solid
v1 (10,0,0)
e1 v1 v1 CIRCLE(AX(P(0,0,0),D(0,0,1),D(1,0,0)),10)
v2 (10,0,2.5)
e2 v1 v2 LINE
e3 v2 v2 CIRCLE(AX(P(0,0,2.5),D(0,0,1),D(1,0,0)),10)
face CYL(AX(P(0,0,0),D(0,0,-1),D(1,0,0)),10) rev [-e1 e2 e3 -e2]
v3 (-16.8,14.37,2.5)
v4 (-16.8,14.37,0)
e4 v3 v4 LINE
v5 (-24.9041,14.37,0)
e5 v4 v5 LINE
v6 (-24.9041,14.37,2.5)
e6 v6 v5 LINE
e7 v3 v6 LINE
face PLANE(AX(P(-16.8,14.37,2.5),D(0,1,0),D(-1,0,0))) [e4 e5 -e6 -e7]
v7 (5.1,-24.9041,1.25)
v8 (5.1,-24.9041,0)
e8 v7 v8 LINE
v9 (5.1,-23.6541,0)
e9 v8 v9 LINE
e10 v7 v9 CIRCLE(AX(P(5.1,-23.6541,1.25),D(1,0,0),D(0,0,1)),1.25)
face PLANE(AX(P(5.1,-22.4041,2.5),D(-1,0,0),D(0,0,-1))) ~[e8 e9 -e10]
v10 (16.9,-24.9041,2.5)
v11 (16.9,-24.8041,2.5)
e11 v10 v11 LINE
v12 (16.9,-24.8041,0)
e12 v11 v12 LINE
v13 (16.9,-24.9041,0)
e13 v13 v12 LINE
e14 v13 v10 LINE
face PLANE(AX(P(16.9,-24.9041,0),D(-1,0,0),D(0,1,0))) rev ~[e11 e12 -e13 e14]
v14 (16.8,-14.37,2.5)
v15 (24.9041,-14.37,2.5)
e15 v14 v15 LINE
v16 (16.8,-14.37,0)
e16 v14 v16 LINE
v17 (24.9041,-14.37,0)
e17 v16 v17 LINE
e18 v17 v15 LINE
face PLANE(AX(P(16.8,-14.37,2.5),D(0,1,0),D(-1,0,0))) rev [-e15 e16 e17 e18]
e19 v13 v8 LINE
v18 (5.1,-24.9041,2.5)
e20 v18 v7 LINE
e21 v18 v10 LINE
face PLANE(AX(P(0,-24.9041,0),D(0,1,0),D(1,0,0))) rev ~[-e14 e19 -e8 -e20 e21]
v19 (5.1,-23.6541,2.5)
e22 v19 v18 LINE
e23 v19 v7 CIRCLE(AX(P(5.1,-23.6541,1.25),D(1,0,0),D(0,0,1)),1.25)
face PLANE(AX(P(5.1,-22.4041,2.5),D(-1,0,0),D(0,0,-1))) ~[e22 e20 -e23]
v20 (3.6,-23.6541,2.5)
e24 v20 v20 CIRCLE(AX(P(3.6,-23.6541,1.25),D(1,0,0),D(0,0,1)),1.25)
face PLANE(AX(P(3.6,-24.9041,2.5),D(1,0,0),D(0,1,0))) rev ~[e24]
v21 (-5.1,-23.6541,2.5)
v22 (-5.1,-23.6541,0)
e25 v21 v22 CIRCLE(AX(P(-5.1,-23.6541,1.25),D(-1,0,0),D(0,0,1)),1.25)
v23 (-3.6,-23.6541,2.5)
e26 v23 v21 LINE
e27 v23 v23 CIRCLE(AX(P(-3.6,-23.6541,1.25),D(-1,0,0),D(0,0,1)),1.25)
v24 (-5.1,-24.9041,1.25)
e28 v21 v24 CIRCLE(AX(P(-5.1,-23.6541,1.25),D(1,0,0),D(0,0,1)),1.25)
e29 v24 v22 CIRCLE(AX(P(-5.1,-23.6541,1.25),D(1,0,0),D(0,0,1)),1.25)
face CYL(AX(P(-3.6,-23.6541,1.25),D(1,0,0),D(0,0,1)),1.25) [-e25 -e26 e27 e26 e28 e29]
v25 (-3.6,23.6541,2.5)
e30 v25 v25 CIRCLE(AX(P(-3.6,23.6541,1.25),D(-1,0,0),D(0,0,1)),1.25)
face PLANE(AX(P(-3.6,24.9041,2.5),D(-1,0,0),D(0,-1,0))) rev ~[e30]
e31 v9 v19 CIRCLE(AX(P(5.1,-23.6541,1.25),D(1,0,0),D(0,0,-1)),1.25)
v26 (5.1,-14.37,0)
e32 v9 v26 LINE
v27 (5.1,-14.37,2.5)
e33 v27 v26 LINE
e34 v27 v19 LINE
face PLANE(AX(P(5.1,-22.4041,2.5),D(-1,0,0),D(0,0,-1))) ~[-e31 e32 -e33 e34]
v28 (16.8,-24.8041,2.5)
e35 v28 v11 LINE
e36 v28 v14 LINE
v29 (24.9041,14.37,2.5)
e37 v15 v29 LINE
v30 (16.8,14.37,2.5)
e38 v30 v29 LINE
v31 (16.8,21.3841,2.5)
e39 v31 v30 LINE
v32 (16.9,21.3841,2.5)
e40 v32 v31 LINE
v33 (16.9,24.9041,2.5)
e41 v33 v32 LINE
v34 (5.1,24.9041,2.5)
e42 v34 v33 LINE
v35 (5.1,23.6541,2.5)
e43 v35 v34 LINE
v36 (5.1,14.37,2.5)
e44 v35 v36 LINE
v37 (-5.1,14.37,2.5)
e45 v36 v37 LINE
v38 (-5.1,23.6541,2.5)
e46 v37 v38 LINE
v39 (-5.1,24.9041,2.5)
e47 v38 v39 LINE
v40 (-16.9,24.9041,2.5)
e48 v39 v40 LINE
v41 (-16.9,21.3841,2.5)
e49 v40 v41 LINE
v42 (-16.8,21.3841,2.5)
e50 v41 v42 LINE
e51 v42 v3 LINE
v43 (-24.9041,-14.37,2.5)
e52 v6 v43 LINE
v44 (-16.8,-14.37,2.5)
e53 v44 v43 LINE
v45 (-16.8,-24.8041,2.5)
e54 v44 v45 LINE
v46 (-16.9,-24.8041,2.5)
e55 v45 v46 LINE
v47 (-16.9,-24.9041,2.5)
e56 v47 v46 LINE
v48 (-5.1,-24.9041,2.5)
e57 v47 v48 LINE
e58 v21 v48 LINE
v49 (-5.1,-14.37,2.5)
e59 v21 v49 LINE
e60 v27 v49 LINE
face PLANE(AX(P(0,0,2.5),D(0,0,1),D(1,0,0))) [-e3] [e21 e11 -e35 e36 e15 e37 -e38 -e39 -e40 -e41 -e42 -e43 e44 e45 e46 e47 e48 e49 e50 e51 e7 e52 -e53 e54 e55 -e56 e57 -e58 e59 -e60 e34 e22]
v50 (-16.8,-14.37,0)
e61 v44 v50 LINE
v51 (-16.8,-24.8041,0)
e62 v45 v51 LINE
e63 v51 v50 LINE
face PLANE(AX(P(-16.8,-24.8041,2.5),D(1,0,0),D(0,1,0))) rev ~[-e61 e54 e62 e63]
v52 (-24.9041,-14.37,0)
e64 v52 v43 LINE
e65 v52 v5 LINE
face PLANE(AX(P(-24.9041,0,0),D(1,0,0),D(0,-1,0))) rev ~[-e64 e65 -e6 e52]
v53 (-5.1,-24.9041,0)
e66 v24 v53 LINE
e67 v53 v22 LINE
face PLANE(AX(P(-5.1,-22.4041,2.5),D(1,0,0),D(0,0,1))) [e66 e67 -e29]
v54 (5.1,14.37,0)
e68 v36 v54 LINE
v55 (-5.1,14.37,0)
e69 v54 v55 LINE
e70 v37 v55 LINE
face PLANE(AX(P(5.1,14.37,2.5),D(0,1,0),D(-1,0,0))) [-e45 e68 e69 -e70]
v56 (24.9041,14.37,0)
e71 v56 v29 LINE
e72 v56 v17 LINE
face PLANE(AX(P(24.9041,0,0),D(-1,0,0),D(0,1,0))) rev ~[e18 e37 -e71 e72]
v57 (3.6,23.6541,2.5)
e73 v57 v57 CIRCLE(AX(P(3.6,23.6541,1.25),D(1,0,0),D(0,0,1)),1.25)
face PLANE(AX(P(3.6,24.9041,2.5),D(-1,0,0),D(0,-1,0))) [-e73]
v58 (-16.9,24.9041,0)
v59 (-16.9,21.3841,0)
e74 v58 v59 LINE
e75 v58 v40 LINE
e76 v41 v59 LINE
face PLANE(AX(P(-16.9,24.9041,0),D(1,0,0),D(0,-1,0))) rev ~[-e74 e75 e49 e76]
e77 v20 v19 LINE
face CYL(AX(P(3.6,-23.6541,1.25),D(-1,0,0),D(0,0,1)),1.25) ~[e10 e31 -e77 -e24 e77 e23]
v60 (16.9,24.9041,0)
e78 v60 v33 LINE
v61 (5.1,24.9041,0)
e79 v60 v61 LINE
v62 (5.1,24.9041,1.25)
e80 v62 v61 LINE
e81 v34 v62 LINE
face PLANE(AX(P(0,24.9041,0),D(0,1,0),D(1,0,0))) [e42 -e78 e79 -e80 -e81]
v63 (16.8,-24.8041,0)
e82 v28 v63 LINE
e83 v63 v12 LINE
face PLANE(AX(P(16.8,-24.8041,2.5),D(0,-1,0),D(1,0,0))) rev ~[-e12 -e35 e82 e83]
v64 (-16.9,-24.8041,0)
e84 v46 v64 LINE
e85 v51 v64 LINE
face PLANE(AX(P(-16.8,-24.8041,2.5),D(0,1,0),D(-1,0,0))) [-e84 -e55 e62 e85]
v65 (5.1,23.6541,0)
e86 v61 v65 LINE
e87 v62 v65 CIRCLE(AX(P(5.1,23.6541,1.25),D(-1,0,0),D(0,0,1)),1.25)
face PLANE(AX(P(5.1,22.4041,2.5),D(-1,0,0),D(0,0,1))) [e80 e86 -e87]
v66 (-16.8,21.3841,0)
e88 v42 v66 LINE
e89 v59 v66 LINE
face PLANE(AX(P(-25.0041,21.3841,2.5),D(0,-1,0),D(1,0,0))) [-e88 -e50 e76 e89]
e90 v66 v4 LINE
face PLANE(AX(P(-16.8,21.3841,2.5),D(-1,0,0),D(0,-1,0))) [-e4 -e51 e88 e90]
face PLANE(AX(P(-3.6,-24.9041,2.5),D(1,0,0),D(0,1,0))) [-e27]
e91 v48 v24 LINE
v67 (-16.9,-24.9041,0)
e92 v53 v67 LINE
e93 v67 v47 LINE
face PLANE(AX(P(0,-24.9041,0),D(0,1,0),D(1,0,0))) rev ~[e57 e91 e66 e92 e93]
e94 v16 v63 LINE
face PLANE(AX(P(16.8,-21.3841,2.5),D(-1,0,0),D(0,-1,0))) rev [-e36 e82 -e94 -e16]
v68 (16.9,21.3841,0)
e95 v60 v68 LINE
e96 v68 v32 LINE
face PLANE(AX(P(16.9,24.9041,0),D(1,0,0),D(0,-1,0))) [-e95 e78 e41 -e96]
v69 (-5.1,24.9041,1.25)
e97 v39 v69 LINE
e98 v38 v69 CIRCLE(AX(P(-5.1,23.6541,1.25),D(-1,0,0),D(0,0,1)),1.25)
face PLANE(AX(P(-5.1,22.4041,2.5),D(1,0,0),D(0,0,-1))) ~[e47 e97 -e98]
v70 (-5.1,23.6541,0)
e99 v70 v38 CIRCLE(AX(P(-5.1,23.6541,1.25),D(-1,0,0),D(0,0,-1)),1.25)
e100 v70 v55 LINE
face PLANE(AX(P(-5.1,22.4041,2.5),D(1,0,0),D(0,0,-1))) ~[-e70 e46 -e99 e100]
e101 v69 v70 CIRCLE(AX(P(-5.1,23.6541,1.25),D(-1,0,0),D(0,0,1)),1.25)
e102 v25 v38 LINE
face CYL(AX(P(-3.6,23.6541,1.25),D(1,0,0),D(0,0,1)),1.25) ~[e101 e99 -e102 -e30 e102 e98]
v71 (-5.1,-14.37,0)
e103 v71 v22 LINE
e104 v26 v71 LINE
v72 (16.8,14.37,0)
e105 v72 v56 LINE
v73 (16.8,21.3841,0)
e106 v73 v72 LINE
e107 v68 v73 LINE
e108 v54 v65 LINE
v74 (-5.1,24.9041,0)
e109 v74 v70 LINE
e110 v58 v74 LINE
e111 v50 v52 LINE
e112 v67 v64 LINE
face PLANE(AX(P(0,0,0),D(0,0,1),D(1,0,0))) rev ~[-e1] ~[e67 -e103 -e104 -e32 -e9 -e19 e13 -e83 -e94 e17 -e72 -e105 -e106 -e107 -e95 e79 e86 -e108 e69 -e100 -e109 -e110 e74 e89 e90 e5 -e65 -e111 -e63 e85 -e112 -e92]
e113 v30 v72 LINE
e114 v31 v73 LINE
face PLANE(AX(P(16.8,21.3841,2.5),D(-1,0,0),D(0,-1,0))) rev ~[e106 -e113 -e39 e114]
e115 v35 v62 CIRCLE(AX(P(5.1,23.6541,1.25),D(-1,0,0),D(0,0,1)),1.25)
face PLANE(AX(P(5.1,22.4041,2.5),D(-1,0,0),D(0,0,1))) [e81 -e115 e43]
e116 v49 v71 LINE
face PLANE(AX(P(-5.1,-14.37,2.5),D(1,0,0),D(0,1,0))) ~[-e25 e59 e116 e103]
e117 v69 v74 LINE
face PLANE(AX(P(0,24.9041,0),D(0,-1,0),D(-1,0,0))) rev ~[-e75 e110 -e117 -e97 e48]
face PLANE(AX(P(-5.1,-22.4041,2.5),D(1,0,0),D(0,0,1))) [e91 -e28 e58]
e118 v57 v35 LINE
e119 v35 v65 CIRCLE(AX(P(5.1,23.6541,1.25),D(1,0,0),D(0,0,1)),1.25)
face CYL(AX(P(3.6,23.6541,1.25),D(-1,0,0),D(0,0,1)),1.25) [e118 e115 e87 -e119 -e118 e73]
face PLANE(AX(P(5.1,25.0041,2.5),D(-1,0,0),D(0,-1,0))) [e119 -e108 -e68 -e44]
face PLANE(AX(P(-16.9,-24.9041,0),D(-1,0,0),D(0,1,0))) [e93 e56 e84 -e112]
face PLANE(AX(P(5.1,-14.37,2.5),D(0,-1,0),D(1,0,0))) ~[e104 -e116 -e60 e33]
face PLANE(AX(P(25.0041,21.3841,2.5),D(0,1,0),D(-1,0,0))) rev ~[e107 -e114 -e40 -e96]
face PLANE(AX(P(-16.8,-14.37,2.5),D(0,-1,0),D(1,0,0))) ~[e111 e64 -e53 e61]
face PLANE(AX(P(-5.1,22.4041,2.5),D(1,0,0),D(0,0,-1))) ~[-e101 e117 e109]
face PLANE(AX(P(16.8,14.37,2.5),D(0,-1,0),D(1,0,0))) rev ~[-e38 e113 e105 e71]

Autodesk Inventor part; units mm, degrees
ref_plane "YZ Plane" through (0, 0, 0) normal (1, 0, 0) x (0, 1, 0)
ref_plane "XZ Plane" through (0, 0, 0) normal (0, 1, 0) x (-1, 0, 0)
ref_plane "XY Plane" through (0, 0, 0) normal (0, 0, 1) x (1, 0, 0)
sketch "Skizze1" plane through (0, 0, 0) normal (0, 0, 1) x (1, 0, 0)
  line L0 (0, -42.3366) -> (0, 42.3366) construction
  line L1 (-38.4382, 0) -> (56.3005, 0) construction
  line L2 (0, 0) -> (30.2404, 30.2404) construction
  line L3 (0, 0) -> (42.7664, 0) construction
  line L4 (0, 24.9041) -> (16.9, 24.9041)
  line L5 (16.9, 24.9041) -> (16.9, 21.2841)
  line L6 (16.9, 21.2841) -> (19.092, 19.092)
  line L7 (24.9041, 0) -> (24.9041, 16.9)
  line L8 (24.9041, 16.9) -> (21.2841, 16.9)
  line L9 (21.2841, 16.9) -> (19.092, 19.092)
  line L10 (0, 24.9041) -> (-16.9, 24.9041)
  line L11 (-16.9, 24.9041) -> (-16.9, 21.2841)
  line L12 (-16.9, 21.2841) -> (-19.092, 19.092)
  line L13 (-24.9041, 0) -> (-24.9041, 16.9)
  line L14 (-24.9041, 16.9) -> (-21.2841, 16.9)
  line L15 (-21.2841, 16.9) -> (-19.092, 19.092)
  line L16 (0, 0) -> (30.2404, -30.2404) construction
  line L17 (0, -24.9041) -> (16.9, -24.9041)
  line L18 (16.9, -24.9041) -> (16.9, -21.2841)
  line L19 (16.9, -21.2841) -> (19.092, -19.092)
  line L20 (24.9041, 0) -> (24.9041, -16.9)
  line L21 (24.9041, -16.9) -> (21.2841, -16.9)
  line L22 (21.2841, -16.9) -> (19.092, -19.092)
  line L23 (0, -24.9041) -> (-16.9, -24.9041)
  line L24 (-16.9, -24.9041) -> (-16.9, -21.2841)
  line L25 (-16.9, -21.2841) -> (-19.092, -19.092)
  line L26 (-24.9041, 0) -> (-24.9041, -16.9)
  line L27 (-24.9041, -16.9) -> (-21.2841, -16.9)
  line L28 (-21.2841, -16.9) -> (-19.092, -19.092)
  circle A0 centre (0, 0) radius 10
  dimension "d0" = 45
  dimension "d1" = 16.9
  dimension "d2" = 3.1
  dimension "d3" = 3.62
  dimension "d4" = 20
extrude "Extrusion1" add sketch "Skizze1" along normal blind 2.5
sketch "Skizze2" plane through (0, 0, 2.5) normal (0, 0, 1) x (1, 0, 0)
  line L0 (17.3243, 16.97) -> (5, 16.97) construction
  line L1 (17.3243, 16.97) -> (17.3243, 14.47) construction
  line L2 (5, 14.47) -> (17.3243, 14.47) construction
  line L3 (5, 16.97) -> (5, 14.47) construction
  line L4 (-5, 16.97) -> (-17.3243, 16.97) construction
  line L5 (-5, 16.97) -> (-5, 14.47) construction
  line L6 (-17.3243, 14.47) -> (-5, 14.47) construction
  line L7 (-17.3243, 16.97) -> (-17.3243, 14.47) construction
  circle A0 centre (0, 0) radius 10 construction
  line L8 (16.9, 24.9041) -> (-16.9, 24.9041) construction
  line L9 (-16.9, 24.9041) -> (-16.9, 21.2841) construction
  line L10 (-16.9, 21.2841) -> (-21.2841, 16.9) construction
  line L11 (-21.2841, 16.9) -> (-24.9041, 16.9) construction
  line L12 (-24.9041, 16.9) -> (-24.9041, -16.9) construction
  line L13 (-24.9041, -16.9) -> (-21.2841, -16.9) construction
  line L14 (-21.2841, -16.9) -> (-16.9, -21.2841) construction
  line L15 (-16.9, -21.2841) -> (-16.9, -24.9041) construction
  line L16 (-16.9, -24.9041) -> (16.9, -24.9041) construction
  line L17 (16.9, -24.9041) -> (16.9, -21.2841) construction
  line L18 (16.9, -21.2841) -> (21.2841, -16.9) construction
  line L19 (21.2841, -16.9) -> (24.9041, -16.9) construction
  line L20 (24.9041, -16.9) -> (24.9041, 16.9) construction
  line L21 (24.9041, 16.9) -> (21.2841, 16.9) construction
  line L22 (21.2841, 16.9) -> (16.9, 21.2841) construction
  line L23 (16.9, 21.2841) -> (16.9, 24.9041) construction
  line L24 (-5, 14.47) -> (5, 14.47) construction
  line L25 (5, 14.47) -> (5, 24.9041) construction
  line L26 (5, 24.9041) -> (-5, 24.9041) construction
  line L27 (-5, 24.9041) -> (-5, 14.47) construction
  line L28 (-16.9, 21.2841) -> (-21.2841, 16.9) construction
  line L29 (-16.9, 21.2841) -> (-24.9041, 21.2841) construction
  line L30 (-24.9041, 21.2841) -> (-24.9041, 14.47) construction
  line L31 (-24.9041, 14.47) -> (-16.9, 14.47) construction
  line L32 (-16.9, 14.47) -> (-16.9, 21.2841) construction
  line L33 (0, -34.8857) -> (0, 34.9857) construction
  line L34 (-24.9041, 16.9) -> (-24.9041, -16.9) construction
  line L35 (17.3243, 16.97) -> (17.3243, 14.47) construction
  line L36 (16.9, 21.2841) -> (21.2841, 16.9) construction
  line L37 (21.2841, 16.9) -> (24.9041, 16.9) construction
  line L38 (16.9, 21.2841) -> (21.2841, 16.9) construction
  line L39 (16.9, 21.2841) -> (24.9041, 21.2841) construction
  line L40 (24.9041, 21.2841) -> (24.9041, 14.47) construction
  line L41 (24.9041, 14.47) -> (16.9, 14.47) construction
  line L42 (16.9, 14.47) -> (16.9, 21.2841) construction
  line L43 (16.8, 14.37) -> (25.0041, 14.37)
  line L44 (25.0041, 14.37) -> (25.0041, 21.3841)
  line L45 (25.0041, 21.3841) -> (16.8, 21.3841)
  line L46 (16.8, 21.3841) -> (16.8, 14.37)
  line L47 (-16.8, 14.37) -> (-25.0041, 14.37)
  line L48 (-25.0041, 14.37) -> (-25.0041, 21.3841)
  line L49 (-25.0041, 21.3841) -> (-16.8, 21.3841)
  line L50 (-16.8, 21.3841) -> (-16.8, 14.37)
  line L51 (16.9, 24.9041) -> (-16.9, 24.9041) construction
  line L52 (-5, 14.47) -> (5, 14.47) construction
  line L53 (5, 14.47) -> (5, 24.9041) construction
  line L54 (5, 24.9041) -> (-5, 24.9041) construction
  line L55 (-5, 24.9041) -> (-5, 14.47) construction
  line L56 (5.1, 25.0041) -> (5.1, 14.37)
  line L57 (5.1, 14.37) -> (-5.1, 14.37)
  line L58 (-5.1, 14.37) -> (-5.1, 25.0041)
  line L59 (-5.1, 25.0041) -> (5.1, 25.0041)
  dimension "d8" = 0.1
  dimension "d9" = 0.1
  dimension "d15" = 10
  dimension "d16" = 0.1
extrude "Extrusion2" cut sketch "Skizze2" against normal through all
sketch "Skizze3" plane through (0, 0, 2.5) normal (0, 0, 1) x (1, 0, 0)
  line L0 (16.8, 21.3841) -> (16.9, 21.3841) construction
  line L1 (16.9, 21.3841) -> (16.9, 24.9041) construction
  line L2 (-5.1, 24.9041) -> (-16.9, 24.9041) construction
  line L3 (16.9, 24.9041) -> (5.1, 24.9041) construction
  line L4 (-16.9, 24.9041) -> (-16.9, 21.3841) construction
  line L5 (-16.9, 21.3841) -> (-16.8, 21.3841) construction
  line L6 (-16.8, 21.3841) -> (-16.8, 14.37) construction
  line L7 (-16.8, 14.37) -> (-24.9041, 14.37) construction
  line L8 (-24.9041, 14.37) -> (-24.9041, -16.9) construction
  line L9 (-24.9041, -16.9) -> (-21.2841, -16.9) projected
  line L10 (-21.2841, -16.9) -> (-16.9, -21.2841) projected
  line L11 (-16.9, -21.2841) -> (-16.9, -24.9041) projected
  line L12 (-16.9, -24.9041) -> (16.9, -24.9041) construction
  line L13 (16.9, -24.9041) -> (16.9, -21.2841) projected
  line L14 (16.9, -21.2841) -> (21.2841, -16.9) projected
  line L15 (21.2841, -16.9) -> (24.9041, -16.9) projected
  line L16 (24.9041, -16.9) -> (24.9041, 14.37) construction
  line L17 (24.9041, 14.37) -> (16.8, 14.37) construction
  line L18 (16.8, 14.37) -> (16.8, 21.3841) construction
  circle A0 centre (0, 0) radius 10 construction
  line L19 (24.8041, -16.8) -> (21.2426, -16.8)
  line L20 (21.2426, -16.8) -> (16.8, -21.2426)
  line L21 (16.8, -21.2426) -> (16.8, -24.8041)
  line L22 (16.8, -24.8041) -> (-16.8, -24.8041) construction
  line L23 (-16.8, -24.8041) -> (-16.8, -21.2426)
  line L24 (-16.8, -21.2426) -> (-21.2426, -16.8)
  line L25 (-21.2426, -16.8) -> (-24.8041, -16.8)
  line L26 (-24.8041, -16.8) -> (-24.8041, 14.27) construction
  line L27 (-24.8041, 14.27) -> (-16.7, 14.27) construction
  line L28 (-16.7, 14.27) -> (-16.7, 21.4841) construction
  line L29 (-16.7, 21.4841) -> (-16.8, 21.4841) construction
  line L30 (-16.8, 21.4841) -> (-16.8, 24.8041) construction
  line L31 (-16.8, 24.8041) -> (-2.7, 24.8041) construction
  line L32 (-2.7, 24.8041) -> (-2.7, 14.27) construction
  line L33 (-2.7, 14.27) -> (2.7, 14.27) construction
  line L34 (2.7, 14.27) -> (2.7, 24.8041) construction
  line L35 (2.7, 24.8041) -> (16.8, 24.8041) construction
  line L36 (16.8, 24.8041) -> (16.8, 21.4841) construction
  line L37 (16.8, 21.4841) -> (16.7, 21.4841) construction
  line L38 (16.7, 21.4841) -> (16.7, 14.27) construction
  line L39 (16.7, 14.27) -> (24.8041, 14.27) construction
  line L40 (24.8041, 14.27) -> (24.8041, -16.8) construction
  line L41 (-24.8041, -16.8) -> (-24.8041, -16.9)
  line L42 (-16.8, -24.8041) -> (-16.9, -24.8041)
  line L43 (16.8, -24.8041) -> (16.9, -24.8041)
  line L44 (24.8041, -16.8) -> (24.8041, -16.9)
  line L45 (5.1, 24.9041) -> (5.1, 14.37) projected
  line L46 (5.1, 14.37) -> (-5.1, 14.37) projected
  line L47 (-5.1, 14.37) -> (-5.1, 24.9041) projected
  dimension "d12" = 0.1
extrude "Extrusion3" cut sketch "Skizze3" against normal up to surface (2.5 mm away)
mirror "Spiegeln1" about plane through (0, 0, 0) normal (0, 1, 0) of "Extrusion2"
ref_plane "Arbeitsebene1" through (0, 0, 1.25) normal (0, 0, 1) x (1, 0, 0)
sketch "Skizze4" plane through (0, 0, 2.5) normal (0, 0, 1) x (1, 0, 0)
  circle A0 centre (0, 0) radius 10 construction
  line L0 (-24.9041, -14.37) -> (-16.8, -14.37) construction
  line L1 (-16.8, -14.37) -> (-16.8, -24.8041) construction
  line L2 (-16.8, -24.8041) -> (-16.9, -24.8041) construction
  line L3 (-16.9, -24.8041) -> (-16.9, -24.9041) construction
  line L4 (-16.9, -24.9041) -> (-5.1, -24.9041) construction
  line L5 (-5.1, -24.9041) -> (-5.1, -14.37) construction
  line L6 (-5.1, -14.37) -> (5.1, -14.37) construction
  line L7 (5.1, -14.37) -> (5.1, -24.9041) construction
  line L8 (5.1, -24.9041) -> (16.9, -24.9041) construction
  line L9 (16.9, -24.9041) -> (16.9, -24.8041) construction
  line L10 (16.9, -24.8041) -> (16.8, -24.8041) construction
  line L11 (16.8, -24.8041) -> (16.8, -14.37) construction
  line L12 (16.8, -14.37) -> (24.9041, -14.37) construction
  line L13 (24.9041, -14.37) -> (24.9041, 14.37) construction
  line L14 (24.9041, 14.37) -> (16.8, 14.37) construction
  line L15 (16.8, 14.37) -> (16.8, 21.3841) construction
  line L16 (16.8, 21.3841) -> (16.9, 21.3841) construction
  line L17 (16.9, 21.3841) -> (16.9, 24.9041) construction
  line L18 (16.9, 24.9041) -> (5.1, 24.9041) construction
  line L19 (5.1, 24.9041) -> (5.1, 14.37) construction
  line L20 (5.1, 14.37) -> (-5.1, 14.37) construction
  line L21 (-5.1, 14.37) -> (-5.1, 24.9041) construction
  line L22 (-5.1, 24.9041) -> (-16.9, 24.9041) construction
  line L23 (-16.9, 24.9041) -> (-16.9, 21.3841) construction
  line L24 (-16.9, 21.3841) -> (-16.8, 21.3841) construction
  line L25 (-16.8, 21.3841) -> (-16.8, 14.37) construction
  line L26 (-16.8, 14.37) -> (-24.9041, 14.37) construction
  line L27 (-24.9041, 14.37) -> (-24.9041, -14.37) construction
  line L28 (5.1, 24.9041) -> (3.6, 24.9041)
  line L29 (3.6, 24.9041) -> (3.6, 22.4041)
  line L30 (3.6, 22.4041) -> (5.1, 22.4041)
  line L31 (5.1, 22.4041) -> (5.1, 24.9041)
  line L32 (-34.8657, 0) -> (34.8657, 0) construction
  line L33 (0, 34.8657) -> (0, -34.8657) construction
  line L34 (5.1, -24.9041) -> (3.6, -24.9041)
  line L35 (3.6, -24.9041) -> (3.6, -22.4041)
  line L36 (3.6, -22.4041) -> (5.1, -22.4041)
  line L37 (5.1, -22.4041) -> (5.1, -24.9041)
  line L38 (-5.1, 24.9041) -> (-3.6, 24.9041)
  line L39 (-3.6, 24.9041) -> (-3.6, 22.4041)
  line L40 (-3.6, 22.4041) -> (-5.1, 22.4041)
  line L41 (-5.1, 22.4041) -> (-5.1, 24.9041)
  line L42 (-3.6, -22.4041) -> (-5.1, -22.4041)
  line L43 (-3.6, -24.9041) -> (-3.6, -22.4041)
  line L44 (-5.1, -24.9041) -> (-3.6, -24.9041)
  line L45 (-5.1, -22.4041) -> (-5.1, -24.9041)
  dimension "d18" = 2.5
  dimension "d19" = 1.5
extrude "Extrusion4" add sketch "Skizze4" against normal up to surface (2.5 mm away)
sketch "Skizze5" plane through (3.6, 22.4041, 2.5) normal (-1, 0, 0) x (0, 0, 1)
  line L0 (-2.5, 0) -> (-2.5, 2.5) construction
  line L1 (0, 0) -> (-2.5, 0) construction
  line L2 (0, 2.5) -> (0, 0) construction
  line L3 (0, 2.5) -> (-2.5, 2.5) construction
  circle A0 centre (-1.25, 1.25) radius 1.25
  line L4 (-1.25, 12.4616) -> (-1.25, -57.2697) projected
  line L5 (0, 2.5) -> (-2.5, 2.5)
  line L6 (-2.5, 2.5) -> (-2.5, 0)
  line L7 (-2.5, 0) -> (0, 0)
  line L8 (0, 0) -> (0, 2.5)
  point P0 (-2.5, -22.4041)
extrude "Extrusion5" cut sketch "Skizze5" against normal up to surface (1.5 mm away) contours L8 L7 A0 | A0 L5 L8 | A0 L6 L5 | L7 L6 A0
mirror "Spiegeln2" about plane through (0, 0, 0) normal (0, 1, 0) of "Extrusion5"
mirror "Spiegeln3" about plane through (0, 0, 0) normal (1, 0, 0) of "Extrusion5", "Spiegeln2"
properties part number "20_Cube_Insert_focusing_holder_v3"
